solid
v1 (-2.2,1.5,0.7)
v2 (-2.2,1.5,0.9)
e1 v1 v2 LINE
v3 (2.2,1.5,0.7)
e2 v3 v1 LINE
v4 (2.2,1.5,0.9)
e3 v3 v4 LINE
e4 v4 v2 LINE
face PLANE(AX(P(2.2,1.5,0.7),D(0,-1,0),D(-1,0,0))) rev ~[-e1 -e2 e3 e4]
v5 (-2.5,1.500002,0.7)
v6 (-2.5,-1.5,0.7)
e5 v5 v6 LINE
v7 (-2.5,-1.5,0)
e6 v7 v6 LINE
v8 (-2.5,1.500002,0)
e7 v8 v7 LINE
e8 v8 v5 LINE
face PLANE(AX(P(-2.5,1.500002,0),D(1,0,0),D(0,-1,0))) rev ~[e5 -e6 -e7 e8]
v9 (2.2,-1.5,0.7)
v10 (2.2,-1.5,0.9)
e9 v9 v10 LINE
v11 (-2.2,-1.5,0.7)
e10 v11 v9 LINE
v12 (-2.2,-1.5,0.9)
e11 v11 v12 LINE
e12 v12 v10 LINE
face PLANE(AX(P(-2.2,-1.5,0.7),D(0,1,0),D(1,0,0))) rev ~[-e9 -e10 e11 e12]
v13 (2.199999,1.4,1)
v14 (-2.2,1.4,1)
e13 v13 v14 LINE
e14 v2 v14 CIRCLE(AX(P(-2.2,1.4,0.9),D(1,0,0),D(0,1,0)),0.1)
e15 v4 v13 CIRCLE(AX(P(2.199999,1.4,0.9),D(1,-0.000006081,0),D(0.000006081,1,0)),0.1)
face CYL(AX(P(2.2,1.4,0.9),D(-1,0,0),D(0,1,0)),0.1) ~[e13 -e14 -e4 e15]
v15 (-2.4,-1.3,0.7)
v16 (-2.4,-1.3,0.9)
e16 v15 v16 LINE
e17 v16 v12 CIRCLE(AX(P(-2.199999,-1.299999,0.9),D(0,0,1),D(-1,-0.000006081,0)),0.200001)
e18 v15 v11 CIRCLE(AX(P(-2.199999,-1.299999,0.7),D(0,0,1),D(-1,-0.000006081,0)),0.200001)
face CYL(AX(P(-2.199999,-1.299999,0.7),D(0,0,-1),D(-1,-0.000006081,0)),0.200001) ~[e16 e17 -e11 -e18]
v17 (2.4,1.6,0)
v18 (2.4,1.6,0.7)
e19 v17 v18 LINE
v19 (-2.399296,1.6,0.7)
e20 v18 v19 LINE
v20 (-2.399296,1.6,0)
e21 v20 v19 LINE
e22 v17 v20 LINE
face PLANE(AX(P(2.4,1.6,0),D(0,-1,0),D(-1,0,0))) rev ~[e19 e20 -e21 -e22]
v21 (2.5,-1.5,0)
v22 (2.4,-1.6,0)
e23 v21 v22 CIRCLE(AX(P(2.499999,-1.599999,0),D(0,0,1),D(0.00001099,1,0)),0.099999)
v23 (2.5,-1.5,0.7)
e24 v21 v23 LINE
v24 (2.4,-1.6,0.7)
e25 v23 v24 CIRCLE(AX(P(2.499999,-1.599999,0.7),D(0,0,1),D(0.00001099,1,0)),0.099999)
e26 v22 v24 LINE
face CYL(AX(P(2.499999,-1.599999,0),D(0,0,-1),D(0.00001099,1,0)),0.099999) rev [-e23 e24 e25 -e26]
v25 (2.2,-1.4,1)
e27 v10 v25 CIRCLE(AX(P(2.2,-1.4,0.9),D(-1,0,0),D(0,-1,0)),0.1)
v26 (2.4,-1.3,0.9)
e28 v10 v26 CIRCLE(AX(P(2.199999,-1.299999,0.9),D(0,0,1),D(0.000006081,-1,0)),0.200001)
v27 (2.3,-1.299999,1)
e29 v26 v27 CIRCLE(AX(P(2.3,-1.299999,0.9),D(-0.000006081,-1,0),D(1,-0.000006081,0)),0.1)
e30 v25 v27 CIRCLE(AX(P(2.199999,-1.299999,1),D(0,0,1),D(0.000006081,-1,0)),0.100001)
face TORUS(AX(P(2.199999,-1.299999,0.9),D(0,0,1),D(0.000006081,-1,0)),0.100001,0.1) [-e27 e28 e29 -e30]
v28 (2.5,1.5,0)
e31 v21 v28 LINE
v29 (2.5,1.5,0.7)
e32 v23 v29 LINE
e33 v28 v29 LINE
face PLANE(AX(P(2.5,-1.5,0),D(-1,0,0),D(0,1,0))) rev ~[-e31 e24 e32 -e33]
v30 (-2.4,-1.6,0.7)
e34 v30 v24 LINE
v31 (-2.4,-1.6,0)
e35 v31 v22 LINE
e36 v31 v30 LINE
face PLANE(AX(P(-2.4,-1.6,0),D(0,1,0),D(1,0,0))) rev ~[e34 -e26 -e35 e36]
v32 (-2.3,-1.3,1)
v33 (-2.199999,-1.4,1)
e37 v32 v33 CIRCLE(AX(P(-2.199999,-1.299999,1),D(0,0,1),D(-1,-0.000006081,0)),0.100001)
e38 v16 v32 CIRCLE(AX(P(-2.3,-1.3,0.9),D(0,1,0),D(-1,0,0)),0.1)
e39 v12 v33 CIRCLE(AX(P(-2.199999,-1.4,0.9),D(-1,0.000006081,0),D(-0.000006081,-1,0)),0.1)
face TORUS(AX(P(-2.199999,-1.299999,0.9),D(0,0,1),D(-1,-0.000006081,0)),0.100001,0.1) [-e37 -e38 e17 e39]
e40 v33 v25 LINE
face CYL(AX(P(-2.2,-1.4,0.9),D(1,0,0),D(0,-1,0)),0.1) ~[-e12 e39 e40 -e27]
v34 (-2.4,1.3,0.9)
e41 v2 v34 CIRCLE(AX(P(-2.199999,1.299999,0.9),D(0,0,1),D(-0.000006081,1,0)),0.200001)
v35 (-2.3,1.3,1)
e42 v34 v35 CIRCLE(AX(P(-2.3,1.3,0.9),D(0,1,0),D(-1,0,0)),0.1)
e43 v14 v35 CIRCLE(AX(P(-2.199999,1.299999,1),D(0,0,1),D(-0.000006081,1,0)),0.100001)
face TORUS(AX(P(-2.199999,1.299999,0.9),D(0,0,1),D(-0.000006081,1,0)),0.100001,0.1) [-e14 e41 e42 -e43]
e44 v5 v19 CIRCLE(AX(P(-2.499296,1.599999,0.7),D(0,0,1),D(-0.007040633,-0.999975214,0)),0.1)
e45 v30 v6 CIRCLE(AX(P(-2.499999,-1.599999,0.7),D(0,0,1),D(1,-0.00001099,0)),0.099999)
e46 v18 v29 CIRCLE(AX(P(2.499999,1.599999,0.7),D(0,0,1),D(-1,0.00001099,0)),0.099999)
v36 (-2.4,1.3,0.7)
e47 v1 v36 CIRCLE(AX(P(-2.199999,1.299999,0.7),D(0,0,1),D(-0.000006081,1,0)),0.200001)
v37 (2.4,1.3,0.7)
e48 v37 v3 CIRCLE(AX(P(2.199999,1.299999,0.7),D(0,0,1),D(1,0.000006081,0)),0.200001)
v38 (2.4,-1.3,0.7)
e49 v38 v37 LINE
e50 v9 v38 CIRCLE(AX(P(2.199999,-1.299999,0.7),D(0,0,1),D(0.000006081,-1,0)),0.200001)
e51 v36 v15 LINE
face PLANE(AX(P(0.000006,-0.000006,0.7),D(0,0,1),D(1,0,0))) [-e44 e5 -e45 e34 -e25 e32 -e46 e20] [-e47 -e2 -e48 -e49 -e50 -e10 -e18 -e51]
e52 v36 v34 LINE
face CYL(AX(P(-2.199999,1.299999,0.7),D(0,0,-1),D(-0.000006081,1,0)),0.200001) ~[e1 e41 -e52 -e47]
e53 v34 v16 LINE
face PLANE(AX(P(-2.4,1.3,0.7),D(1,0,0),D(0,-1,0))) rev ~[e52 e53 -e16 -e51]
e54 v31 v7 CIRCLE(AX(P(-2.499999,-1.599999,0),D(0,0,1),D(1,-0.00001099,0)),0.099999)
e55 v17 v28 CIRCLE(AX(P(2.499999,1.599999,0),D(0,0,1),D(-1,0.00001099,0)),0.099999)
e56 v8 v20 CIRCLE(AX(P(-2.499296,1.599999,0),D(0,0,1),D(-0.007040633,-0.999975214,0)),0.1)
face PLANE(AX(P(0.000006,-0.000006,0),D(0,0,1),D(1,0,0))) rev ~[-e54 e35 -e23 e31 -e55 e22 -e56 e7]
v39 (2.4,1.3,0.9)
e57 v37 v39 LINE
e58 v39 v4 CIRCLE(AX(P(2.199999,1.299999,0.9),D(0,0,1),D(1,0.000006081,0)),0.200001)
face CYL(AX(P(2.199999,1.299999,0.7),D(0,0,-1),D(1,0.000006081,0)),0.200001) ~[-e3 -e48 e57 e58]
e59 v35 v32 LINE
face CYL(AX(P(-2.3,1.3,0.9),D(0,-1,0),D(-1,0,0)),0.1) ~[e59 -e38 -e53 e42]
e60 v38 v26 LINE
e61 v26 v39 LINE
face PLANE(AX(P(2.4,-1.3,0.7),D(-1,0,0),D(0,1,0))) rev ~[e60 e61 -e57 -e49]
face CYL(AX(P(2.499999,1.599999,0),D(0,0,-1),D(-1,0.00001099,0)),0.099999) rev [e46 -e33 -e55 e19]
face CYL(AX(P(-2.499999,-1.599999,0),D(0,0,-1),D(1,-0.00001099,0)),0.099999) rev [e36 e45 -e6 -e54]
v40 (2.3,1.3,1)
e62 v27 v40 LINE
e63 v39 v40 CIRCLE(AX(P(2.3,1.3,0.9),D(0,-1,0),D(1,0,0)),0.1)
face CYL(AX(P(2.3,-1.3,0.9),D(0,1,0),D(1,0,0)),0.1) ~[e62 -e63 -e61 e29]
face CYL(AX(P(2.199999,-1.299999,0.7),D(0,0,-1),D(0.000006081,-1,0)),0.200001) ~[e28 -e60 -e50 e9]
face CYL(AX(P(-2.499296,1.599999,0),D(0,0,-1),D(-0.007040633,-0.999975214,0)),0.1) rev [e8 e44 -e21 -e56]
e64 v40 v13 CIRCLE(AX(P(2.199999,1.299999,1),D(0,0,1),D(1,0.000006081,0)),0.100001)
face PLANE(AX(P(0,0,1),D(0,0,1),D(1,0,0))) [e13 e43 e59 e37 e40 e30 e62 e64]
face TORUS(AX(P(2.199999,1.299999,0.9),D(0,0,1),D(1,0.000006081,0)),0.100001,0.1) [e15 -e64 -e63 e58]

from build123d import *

# Parameters (mm, degrees)
PAD_DEPTH    = 0.7
PAD001_DEPTH = 0.3
FILLET_R     = 0.1


with BuildPart() as part:
    # Sketch001 → Pad (new body)
    with BuildSketch(Plane.XY):
        with BuildLine():
            Line((-2.5, 1.500002), (-2.5, -1.5))
            ThreePointArc((-2.4, -1.6), (-2.429289, -1.529289), (-2.5, -1.5))
            Line((-2.4, -1.6), (2.4, -1.6))
            ThreePointArc((2.5, -1.5), (2.429289, -1.529289), (2.4, -1.6))
            Line((2.5, -1.5), (2.5, 1.5))
            ThreePointArc((2.4, 1.6), (2.429289, 1.529289), (2.5, 1.5))
            Line((2.4, 1.6), (-2.399296, 1.6))
            ThreePointArc((-2.5, 1.500002), (-2.428834, 1.529041), (-2.399296, 1.6))
        make_face()
    extrude(amount=PAD_DEPTH)

    # Sketch (on Face10 of Pad) → Pad001 (join)
    with BuildSketch(Plane.XY.offset(0.7)):
        with BuildLine():
            Line((-2.4, 1.3), (-2.4, -1.3))
            ThreePointArc((-2.4, -1.3), (-2.341421, -1.441421), (-2.2, -1.5))
            Line((-2.2, -1.5), (2.2, -1.5))
            ThreePointArc((2.2, -1.5), (2.341421, -1.441421), (2.4, -1.3))
            Line((2.4, -1.3), (2.4, 1.3))
            ThreePointArc((2.4, 1.3), (2.341421, 1.441421), (2.2, 1.5))
            Line((2.2, 1.5), (-2.2, 1.5))
            ThreePointArc((-2.2, 1.5), (-2.341421, 1.441421), (-2.4, 1.3))
        make_face()
    extrude(amount=PAD001_DEPTH)

    # Fillet
    fillet_edges = [part.edges().sort_by_distance(p)[0] for p in [
        (-2.4, 0, 1),
        (-2.341421, -1.441421, 1),
        (0, -1.5, 1),
        (2.341421, -1.441421, 1),
        (2.4, 0, 1),
        (2.341421, 1.441421, 1),
        (0, 1.5, 1),
        (-2.341421, 1.441421, 1),
    ]]
    fillet(fillet_edges, radius=FILLET_R)


solid = part.part
